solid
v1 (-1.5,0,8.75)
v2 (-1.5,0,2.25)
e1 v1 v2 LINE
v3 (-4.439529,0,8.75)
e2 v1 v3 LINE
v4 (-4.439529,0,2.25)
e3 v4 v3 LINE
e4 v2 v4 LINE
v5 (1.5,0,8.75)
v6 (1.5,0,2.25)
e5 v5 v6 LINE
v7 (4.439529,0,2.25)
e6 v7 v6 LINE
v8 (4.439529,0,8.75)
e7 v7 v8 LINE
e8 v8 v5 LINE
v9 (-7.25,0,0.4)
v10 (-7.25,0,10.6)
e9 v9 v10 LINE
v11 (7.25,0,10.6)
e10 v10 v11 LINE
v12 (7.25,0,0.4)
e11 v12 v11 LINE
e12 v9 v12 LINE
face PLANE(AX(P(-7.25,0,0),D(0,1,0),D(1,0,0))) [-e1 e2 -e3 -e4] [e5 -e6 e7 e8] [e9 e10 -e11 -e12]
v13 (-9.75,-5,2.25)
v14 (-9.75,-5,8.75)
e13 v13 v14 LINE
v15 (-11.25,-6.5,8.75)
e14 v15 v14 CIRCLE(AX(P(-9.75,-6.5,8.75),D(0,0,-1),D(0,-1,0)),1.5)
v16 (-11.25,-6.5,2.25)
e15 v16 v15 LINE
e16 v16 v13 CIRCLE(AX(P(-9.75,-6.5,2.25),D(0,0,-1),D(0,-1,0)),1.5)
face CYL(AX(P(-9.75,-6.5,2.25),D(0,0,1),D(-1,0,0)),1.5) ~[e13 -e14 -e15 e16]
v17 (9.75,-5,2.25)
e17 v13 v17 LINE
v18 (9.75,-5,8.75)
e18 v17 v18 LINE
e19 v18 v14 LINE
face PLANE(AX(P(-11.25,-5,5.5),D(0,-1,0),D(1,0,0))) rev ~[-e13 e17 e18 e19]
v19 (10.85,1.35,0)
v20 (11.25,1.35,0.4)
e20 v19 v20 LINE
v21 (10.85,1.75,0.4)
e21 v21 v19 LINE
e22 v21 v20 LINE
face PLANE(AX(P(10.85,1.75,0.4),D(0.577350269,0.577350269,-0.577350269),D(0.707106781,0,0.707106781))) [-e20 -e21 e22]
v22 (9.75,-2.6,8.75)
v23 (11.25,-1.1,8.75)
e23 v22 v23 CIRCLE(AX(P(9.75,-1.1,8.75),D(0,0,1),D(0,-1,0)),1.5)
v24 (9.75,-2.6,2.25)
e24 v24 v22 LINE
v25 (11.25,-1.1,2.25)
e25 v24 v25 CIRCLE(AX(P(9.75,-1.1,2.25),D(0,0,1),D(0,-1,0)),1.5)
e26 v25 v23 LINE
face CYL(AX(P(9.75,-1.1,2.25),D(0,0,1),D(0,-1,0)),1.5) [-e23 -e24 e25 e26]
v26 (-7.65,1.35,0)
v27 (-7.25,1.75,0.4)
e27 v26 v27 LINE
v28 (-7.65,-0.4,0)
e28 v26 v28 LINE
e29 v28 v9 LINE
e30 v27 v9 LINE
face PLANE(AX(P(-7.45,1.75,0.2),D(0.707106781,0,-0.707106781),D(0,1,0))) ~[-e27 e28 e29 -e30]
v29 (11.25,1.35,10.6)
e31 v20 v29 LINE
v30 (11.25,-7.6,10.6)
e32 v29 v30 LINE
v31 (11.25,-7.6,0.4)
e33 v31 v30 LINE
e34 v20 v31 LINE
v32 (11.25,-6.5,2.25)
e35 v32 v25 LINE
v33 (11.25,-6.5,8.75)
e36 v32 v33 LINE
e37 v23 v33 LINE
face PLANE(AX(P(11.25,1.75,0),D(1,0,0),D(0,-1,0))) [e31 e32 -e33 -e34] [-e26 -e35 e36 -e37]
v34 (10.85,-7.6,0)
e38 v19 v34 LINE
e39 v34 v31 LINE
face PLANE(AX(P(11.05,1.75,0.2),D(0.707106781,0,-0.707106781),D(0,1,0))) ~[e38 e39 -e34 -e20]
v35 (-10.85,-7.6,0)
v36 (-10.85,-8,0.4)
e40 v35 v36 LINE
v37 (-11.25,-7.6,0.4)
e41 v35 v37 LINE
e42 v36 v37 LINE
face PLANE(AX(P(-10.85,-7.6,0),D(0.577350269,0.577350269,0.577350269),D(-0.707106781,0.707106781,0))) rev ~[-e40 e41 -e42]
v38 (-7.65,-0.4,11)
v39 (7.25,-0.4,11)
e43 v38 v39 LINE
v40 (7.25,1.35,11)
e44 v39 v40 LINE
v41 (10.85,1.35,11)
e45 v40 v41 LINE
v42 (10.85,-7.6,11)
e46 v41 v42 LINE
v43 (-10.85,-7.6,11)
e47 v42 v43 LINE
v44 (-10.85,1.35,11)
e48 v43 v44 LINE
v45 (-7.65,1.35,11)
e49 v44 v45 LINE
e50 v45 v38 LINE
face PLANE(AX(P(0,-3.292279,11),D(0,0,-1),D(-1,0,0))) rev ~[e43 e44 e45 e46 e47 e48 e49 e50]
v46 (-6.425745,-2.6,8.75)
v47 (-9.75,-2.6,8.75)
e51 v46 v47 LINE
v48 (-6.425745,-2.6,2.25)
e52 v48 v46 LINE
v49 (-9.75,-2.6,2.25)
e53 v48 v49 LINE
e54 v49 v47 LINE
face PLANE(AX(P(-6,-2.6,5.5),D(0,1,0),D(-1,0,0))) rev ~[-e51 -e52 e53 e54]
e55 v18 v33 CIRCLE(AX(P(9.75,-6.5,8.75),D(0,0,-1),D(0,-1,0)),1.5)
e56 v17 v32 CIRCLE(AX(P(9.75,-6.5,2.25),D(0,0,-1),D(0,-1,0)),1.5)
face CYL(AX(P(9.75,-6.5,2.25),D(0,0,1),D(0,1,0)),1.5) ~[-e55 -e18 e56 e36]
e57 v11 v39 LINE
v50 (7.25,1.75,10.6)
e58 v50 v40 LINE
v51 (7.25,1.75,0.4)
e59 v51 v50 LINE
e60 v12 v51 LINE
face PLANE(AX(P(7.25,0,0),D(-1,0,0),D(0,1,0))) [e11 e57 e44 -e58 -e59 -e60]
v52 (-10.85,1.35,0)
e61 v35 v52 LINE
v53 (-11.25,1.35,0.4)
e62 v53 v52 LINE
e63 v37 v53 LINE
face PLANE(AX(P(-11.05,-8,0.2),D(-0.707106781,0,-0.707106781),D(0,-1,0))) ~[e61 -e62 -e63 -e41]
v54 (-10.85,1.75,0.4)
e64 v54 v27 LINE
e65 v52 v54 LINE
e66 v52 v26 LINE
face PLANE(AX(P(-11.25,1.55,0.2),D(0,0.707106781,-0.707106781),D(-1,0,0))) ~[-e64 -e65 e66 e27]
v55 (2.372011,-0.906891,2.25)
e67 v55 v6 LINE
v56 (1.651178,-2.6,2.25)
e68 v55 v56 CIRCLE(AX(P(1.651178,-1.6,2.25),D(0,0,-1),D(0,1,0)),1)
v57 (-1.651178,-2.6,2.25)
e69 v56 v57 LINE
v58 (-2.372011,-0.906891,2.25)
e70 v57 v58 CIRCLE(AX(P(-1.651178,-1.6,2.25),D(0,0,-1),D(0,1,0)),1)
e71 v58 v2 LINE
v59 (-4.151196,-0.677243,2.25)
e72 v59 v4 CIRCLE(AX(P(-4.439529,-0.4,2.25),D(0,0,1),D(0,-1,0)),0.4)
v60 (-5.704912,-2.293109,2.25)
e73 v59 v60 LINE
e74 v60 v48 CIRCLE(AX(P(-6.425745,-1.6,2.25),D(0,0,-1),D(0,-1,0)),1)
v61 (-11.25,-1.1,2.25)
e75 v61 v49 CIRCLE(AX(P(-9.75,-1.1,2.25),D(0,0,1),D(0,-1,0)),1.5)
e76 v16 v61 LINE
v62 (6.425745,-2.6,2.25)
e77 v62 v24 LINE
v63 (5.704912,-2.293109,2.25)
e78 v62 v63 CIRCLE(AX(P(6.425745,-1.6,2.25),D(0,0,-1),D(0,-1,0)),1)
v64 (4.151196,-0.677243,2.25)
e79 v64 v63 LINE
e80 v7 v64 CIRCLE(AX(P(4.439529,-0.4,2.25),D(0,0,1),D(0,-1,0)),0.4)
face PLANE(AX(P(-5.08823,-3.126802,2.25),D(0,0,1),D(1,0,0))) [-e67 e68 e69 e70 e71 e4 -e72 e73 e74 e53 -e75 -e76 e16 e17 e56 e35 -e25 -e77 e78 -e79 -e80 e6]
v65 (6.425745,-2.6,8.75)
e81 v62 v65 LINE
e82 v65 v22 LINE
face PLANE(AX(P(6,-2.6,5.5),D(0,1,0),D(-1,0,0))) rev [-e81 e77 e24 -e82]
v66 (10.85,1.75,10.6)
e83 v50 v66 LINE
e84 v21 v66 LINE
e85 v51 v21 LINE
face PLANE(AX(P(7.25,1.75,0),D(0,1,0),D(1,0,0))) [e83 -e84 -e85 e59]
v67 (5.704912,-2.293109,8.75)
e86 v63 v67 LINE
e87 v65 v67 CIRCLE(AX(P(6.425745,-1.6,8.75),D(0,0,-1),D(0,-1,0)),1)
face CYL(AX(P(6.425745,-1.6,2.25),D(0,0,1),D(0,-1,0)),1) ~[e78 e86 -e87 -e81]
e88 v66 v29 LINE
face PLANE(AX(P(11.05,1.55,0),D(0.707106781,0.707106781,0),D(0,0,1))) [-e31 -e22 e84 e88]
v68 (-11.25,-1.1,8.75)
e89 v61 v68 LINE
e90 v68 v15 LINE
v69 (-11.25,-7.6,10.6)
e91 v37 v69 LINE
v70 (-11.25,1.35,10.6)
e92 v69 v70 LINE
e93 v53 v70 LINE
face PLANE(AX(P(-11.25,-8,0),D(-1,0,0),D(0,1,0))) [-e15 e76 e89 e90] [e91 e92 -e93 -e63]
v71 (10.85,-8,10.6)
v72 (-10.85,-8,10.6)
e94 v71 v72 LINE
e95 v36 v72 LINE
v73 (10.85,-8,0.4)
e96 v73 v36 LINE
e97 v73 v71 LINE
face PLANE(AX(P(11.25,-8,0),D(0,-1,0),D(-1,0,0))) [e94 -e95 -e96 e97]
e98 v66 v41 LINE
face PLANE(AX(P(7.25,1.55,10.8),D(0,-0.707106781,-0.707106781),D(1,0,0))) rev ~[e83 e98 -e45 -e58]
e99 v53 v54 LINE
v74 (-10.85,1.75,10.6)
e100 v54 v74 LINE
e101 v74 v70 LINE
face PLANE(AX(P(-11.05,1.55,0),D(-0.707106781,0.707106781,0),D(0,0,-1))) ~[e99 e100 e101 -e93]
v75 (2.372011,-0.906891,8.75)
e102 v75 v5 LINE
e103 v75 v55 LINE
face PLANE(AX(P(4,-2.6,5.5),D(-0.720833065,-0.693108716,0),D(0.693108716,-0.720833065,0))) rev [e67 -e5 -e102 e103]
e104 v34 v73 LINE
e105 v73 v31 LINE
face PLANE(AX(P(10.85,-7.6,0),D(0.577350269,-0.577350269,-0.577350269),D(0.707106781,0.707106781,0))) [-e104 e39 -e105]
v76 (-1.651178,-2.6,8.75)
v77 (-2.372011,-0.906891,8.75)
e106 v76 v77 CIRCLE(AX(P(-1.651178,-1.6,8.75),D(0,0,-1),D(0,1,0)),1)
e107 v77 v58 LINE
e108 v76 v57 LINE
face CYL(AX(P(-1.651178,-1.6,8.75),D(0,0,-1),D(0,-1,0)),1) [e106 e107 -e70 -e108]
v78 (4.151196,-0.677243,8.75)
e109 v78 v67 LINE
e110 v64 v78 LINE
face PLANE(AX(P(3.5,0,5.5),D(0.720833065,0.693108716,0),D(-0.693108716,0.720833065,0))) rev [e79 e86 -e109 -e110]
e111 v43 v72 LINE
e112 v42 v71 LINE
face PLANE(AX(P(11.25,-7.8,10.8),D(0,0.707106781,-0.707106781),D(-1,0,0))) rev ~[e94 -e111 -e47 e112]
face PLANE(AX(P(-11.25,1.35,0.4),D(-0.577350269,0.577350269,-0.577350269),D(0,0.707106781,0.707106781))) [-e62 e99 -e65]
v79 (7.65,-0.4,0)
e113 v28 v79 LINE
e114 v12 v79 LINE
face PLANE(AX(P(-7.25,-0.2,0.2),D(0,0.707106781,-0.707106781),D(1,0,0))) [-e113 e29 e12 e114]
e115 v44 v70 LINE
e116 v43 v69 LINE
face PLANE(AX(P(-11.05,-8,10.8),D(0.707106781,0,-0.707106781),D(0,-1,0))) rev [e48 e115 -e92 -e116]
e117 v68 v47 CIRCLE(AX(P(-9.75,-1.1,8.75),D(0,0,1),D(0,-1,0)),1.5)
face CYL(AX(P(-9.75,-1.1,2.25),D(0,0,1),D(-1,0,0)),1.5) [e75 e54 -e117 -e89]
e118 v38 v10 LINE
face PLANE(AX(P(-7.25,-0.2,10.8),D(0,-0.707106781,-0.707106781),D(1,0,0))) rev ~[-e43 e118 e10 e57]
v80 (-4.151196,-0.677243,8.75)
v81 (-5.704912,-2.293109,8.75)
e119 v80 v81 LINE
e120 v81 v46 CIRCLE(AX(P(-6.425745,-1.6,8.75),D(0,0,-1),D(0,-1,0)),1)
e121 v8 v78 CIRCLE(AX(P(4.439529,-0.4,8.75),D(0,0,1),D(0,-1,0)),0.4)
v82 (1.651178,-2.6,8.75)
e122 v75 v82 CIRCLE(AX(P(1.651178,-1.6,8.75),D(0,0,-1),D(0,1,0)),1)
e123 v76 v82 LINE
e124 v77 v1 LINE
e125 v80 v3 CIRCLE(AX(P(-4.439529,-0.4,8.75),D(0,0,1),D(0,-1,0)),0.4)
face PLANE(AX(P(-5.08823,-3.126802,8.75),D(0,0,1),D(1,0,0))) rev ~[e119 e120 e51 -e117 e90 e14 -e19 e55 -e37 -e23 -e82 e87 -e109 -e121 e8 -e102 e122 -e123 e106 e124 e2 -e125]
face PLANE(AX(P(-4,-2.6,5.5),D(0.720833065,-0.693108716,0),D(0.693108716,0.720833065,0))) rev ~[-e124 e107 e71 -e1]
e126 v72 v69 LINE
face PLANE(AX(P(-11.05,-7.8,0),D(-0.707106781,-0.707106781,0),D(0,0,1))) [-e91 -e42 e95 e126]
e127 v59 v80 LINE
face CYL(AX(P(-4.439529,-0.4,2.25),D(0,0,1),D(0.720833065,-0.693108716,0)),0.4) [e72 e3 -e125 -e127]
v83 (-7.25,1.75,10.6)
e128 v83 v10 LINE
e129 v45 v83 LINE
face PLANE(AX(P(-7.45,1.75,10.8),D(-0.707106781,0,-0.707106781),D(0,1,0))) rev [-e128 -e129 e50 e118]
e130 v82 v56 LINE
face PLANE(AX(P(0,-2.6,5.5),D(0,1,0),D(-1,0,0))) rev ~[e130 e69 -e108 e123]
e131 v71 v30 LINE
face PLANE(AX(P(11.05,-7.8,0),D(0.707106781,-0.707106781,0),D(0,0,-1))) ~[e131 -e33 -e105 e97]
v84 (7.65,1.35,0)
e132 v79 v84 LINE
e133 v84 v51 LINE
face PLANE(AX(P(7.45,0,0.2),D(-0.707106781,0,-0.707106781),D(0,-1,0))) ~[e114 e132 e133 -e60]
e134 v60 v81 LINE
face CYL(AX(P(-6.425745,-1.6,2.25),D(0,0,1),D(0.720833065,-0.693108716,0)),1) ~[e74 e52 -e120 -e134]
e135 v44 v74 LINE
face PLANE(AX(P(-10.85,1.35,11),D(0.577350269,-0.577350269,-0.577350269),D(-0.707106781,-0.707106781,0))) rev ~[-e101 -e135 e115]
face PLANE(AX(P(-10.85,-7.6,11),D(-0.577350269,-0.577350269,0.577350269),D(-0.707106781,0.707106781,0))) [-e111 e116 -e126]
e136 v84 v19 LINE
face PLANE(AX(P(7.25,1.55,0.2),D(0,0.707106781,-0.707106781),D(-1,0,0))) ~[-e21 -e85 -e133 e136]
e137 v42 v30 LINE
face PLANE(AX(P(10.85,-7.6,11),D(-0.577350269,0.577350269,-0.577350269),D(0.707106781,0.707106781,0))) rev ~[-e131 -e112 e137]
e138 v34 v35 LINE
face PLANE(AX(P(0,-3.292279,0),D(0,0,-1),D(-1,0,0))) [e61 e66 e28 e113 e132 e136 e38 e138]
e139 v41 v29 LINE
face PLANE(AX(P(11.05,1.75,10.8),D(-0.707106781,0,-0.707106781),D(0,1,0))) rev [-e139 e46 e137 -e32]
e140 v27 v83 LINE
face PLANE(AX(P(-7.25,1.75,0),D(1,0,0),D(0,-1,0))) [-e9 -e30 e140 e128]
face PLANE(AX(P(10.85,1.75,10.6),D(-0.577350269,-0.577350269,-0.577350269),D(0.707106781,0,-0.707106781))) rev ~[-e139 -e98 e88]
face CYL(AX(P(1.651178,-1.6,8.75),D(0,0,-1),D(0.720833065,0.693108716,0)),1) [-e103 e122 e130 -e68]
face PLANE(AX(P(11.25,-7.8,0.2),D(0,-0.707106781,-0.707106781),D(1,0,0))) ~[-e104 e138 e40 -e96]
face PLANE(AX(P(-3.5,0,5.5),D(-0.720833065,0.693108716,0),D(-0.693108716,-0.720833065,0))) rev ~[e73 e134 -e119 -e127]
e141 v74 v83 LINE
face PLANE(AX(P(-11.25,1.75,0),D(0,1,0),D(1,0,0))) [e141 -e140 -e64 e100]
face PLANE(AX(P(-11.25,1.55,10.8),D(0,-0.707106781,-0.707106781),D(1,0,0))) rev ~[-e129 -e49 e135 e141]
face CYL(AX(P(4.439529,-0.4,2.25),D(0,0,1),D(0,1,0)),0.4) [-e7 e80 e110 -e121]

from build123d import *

# Parameters (mm, degrees)
PAD_DEPTH    = 11
POCKET_DEPTH = 3.25
FILLET_R     = 1.5
FILLET001_R  = 1
FILLET002_R  = 0.4
CHAMFER_SIZE = 0.4


with BuildPart() as part:
    # Sketch → Pad (new body)
    with BuildSketch(Plane.XY):
        Polygon((-7.25, 1.75), (-7.25, 0), (7.25, 0), (7.25, 1.75), (11.25, 1.75), (11.25, -8), (-11.25, -8), (-11.25, 1.75), align=None)
    extrude(amount=PAD_DEPTH)

    # Sketch001 (on DatumPlane) → Pocket (cut, symmetric)
    with BuildSketch(Plane.XY.offset(5.5)):
        Polygon((-1.5, 0), (-3.5, 0), (-6, -2.6), (-11.25, -2.6), (-11.25, -5), (0, -5), (0, -2.6), (-4, -2.6), align=None)
    pocket = extrude(amount=POCKET_DEPTH, both=True, mode=Mode.SUBTRACT)

    # Mirrored: Pocket across Sketch001 V_Axis
    add(pocket.mirror(Plane(origin=(0, 0, 5.5), x_dir=(0, 0, 1), z_dir=(1, 0, 0))), mode=Mode.SUBTRACT)

    # Fillet
    fillet_edges = [part.edges().sort_by_distance(p)[0] for p in [
        (11.25, -2.6, 5.5),
        (11.25, -5, 5.5),
        (-11.25, -2.6, 5.5),
        (-11.25, -5, 5.5),
    ]]
    fillet(fillet_edges, radius=FILLET_R)

    # Fillet001
    fillet001_edges = [part.edges().sort_by_distance(p)[0] for p in [
        (6, -2.6, 5.5),
        (4, -2.6, 5.5),
        (-6, -2.6, 5.5),
        (-4, -2.6, 5.5),
    ]]
    fillet(fillet001_edges, radius=FILLET001_R)

    # Fillet002
    fillet002_edges = [part.edges().sort_by_distance(p)[0] for p in [
        (3.5, 0, 5.5),
        (-3.5, 0, 5.5),
    ]]
    fillet(fillet002_edges, radius=FILLET002_R)

    # Chamfer
    chamfer_edges = [part.edges().sort_by_distance(p)[0] for p in [
        (11.25, -8, 5.5),
        (-11.25, -8, 5.5),
        (0, -8, 0),
        (0, -8, 11),
        (11.25, -3.125, 11),
        (11.25, -3.125, 0),
        (-7.25, 0.875, 11),
        (-7.25, 0.875, 0),
        (0, 0, 11),
        (0, 0, 0),
        (7.25, 0.875, 0),
        (9.25, 1.75, 0),
        (9.25, 1.75, 11),
        (11.25, 1.75, 5.5),
        (-9.25, 1.75, 0),
        (-11.25, -3.125, 0),
        (-11.25, 1.75, 5.5),
        (-9.25, 1.75, 11),
        (-11.25, -3.125, 11),
    ]]
    chamfer(chamfer_edges, length=CHAMFER_SIZE)


solid = part.part
